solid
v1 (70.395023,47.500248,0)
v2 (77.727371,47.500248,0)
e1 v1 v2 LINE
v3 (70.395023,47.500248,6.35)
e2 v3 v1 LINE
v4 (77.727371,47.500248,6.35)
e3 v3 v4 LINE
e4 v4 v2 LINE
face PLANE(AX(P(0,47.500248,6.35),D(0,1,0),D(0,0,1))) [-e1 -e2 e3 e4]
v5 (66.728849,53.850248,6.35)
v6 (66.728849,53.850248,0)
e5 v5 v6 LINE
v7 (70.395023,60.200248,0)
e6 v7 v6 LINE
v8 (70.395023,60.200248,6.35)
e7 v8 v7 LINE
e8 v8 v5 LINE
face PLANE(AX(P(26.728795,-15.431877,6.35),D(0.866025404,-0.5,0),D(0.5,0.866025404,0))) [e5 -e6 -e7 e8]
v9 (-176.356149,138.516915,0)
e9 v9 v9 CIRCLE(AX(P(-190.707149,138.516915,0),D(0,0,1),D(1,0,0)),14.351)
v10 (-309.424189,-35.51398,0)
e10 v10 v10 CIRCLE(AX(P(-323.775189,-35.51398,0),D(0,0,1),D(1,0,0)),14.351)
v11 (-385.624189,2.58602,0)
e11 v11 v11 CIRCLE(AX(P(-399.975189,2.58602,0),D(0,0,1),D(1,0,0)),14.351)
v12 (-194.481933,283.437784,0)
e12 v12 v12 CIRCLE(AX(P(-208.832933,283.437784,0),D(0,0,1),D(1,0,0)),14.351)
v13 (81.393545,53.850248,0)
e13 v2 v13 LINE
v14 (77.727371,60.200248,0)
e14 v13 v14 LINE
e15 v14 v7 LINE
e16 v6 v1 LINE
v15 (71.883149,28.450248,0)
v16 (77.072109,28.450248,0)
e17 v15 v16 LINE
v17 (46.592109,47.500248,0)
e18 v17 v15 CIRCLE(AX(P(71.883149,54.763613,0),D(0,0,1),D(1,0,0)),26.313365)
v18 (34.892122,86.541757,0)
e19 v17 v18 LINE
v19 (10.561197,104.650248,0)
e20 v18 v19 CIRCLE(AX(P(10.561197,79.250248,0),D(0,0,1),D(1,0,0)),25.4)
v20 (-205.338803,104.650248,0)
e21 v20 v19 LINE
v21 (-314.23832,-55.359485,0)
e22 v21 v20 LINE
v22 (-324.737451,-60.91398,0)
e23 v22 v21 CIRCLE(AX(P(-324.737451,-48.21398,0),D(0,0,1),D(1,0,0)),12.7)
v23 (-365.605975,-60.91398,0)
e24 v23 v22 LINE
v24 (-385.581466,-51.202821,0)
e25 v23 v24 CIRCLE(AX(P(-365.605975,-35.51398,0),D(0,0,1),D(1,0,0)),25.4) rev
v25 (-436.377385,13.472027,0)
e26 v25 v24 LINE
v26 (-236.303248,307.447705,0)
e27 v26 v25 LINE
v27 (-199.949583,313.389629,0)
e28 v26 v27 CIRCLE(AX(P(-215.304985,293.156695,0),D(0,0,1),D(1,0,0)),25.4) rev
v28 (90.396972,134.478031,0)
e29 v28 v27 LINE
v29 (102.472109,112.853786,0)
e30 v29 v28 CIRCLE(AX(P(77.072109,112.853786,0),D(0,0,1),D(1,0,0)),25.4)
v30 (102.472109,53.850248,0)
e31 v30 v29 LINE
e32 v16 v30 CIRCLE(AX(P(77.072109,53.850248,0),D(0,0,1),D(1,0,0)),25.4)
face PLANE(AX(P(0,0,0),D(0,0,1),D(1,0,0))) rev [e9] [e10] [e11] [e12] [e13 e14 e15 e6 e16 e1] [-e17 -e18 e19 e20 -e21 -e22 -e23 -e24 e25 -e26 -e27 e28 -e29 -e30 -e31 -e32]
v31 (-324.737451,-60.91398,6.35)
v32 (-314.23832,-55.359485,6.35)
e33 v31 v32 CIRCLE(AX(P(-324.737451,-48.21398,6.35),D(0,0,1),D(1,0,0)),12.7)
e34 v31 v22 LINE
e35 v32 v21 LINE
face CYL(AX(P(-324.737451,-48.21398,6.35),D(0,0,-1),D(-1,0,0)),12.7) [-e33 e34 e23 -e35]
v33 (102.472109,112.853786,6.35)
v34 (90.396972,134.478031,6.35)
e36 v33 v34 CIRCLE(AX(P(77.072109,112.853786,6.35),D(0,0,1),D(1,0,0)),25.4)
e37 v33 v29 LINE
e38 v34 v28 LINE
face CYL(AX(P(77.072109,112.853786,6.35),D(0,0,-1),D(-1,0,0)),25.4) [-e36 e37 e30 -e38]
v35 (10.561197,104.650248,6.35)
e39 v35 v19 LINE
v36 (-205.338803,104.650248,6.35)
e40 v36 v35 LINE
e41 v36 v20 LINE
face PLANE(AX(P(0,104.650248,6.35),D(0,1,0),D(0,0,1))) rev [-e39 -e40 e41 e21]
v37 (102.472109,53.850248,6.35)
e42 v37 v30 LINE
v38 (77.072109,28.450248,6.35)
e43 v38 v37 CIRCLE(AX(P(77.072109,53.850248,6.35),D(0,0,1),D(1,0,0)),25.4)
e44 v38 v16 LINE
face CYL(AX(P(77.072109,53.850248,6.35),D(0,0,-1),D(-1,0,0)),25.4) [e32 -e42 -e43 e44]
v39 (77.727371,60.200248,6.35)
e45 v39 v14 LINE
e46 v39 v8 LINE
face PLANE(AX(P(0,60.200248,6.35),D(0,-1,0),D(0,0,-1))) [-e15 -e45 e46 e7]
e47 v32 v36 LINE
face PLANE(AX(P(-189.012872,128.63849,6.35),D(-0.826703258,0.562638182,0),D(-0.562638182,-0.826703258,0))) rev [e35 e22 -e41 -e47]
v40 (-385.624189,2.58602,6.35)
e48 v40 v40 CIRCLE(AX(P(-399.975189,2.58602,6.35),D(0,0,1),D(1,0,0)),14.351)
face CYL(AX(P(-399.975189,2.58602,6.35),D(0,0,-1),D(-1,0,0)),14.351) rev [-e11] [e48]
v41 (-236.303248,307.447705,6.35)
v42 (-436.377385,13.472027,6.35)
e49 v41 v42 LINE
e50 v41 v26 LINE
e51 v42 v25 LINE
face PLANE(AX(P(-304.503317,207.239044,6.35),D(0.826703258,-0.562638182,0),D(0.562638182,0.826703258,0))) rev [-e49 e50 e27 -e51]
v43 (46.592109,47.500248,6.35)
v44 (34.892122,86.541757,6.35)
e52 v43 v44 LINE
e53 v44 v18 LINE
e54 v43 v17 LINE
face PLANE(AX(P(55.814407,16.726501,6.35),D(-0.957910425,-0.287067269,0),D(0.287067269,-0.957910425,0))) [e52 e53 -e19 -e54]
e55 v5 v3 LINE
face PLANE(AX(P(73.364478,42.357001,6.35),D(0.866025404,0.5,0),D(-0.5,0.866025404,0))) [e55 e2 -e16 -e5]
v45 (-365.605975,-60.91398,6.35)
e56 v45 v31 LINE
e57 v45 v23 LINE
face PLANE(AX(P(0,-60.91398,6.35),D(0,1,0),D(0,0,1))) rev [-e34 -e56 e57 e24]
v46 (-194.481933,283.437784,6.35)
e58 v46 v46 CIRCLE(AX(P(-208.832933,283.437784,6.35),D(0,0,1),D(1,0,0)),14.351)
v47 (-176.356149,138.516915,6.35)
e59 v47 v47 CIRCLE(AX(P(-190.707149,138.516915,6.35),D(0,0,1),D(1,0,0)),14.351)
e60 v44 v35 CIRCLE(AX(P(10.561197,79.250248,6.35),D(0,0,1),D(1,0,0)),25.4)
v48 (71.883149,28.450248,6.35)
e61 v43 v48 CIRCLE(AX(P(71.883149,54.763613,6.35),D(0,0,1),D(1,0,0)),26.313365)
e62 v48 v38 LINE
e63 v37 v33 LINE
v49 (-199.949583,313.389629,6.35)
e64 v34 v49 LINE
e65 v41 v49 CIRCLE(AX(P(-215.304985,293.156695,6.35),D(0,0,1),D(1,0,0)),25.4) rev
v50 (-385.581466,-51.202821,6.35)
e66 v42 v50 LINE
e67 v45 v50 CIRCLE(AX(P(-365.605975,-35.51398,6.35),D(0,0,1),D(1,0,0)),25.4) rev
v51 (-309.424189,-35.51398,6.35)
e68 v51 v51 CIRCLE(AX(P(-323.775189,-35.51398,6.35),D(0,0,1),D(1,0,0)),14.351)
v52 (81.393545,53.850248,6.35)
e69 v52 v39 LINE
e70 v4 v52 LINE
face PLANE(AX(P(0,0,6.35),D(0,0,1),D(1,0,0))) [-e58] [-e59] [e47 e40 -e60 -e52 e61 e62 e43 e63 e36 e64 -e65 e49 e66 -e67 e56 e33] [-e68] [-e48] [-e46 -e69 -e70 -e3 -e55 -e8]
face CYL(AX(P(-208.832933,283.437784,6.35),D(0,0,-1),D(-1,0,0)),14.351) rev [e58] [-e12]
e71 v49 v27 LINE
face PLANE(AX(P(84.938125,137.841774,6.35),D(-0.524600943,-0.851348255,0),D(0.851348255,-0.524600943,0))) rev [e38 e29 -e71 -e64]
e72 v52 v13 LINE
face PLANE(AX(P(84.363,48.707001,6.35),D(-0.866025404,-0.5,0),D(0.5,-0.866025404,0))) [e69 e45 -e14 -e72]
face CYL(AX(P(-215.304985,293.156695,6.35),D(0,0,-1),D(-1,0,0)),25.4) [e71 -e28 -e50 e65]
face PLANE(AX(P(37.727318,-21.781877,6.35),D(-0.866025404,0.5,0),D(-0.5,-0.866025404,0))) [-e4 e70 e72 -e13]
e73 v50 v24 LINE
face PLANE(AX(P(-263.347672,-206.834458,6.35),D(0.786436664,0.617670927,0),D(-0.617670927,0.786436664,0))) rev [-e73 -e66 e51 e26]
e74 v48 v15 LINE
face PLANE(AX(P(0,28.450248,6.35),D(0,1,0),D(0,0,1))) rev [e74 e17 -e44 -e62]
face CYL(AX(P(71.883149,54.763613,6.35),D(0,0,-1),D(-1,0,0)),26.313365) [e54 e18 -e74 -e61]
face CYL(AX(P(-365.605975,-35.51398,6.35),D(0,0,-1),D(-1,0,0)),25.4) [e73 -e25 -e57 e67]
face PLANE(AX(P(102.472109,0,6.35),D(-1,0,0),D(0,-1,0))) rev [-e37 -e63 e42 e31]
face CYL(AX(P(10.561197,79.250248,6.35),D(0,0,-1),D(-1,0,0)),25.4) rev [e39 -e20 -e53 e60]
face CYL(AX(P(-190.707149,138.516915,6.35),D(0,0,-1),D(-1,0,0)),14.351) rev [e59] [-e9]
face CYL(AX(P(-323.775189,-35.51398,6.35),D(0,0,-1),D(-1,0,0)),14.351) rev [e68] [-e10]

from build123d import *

# Parameters (mm, degrees)
MODEL_R             = 14.351
BOSS_EXTRUDE1_DEPTH = 6.35


with BuildPart() as part:
    # Model → Boss-Extrude1 (new body)
    with BuildSketch(Plane.XY):
        with BuildLine():
            Line((-314.23831963, -55.359484793), (-205.338802982, 104.650248016))
            Line((-205.338802982, 104.650248016), (-11.396613492, 104.650248016))
            Line((-11.396613492, 104.650248016), (-2.138802982, 104.650248016))
            Line((-2.138802982, 104.650248016), (10.561197018, 104.650248016))
            ThreePointArc((10.561197018, 104.650248016), (25.72621731, 99.626267243), (34.892121825, 86.541756641))
            Line((34.892121825, 86.541756641), (46.592108535, 47.500248016))
            ThreePointArc((46.592108535, 47.500248016), (56.051698972, 33.745564192), (71.88314884, 28.450248016))
            Line((71.88314884, 28.450248016), (77.072108535, 28.450248016))
            ThreePointArc((77.072108535, 28.450248016), (95.032620777, 35.889735774), (102.472108535, 53.850248016))
            Line((102.472108535, 53.850248016), (102.472108535, 83.872407327))
            Line((102.472108535, 83.872407327), (102.472108535, 112.853785651))
            ThreePointArc((102.472108535, 112.853785651), (99.24880288, 125.237413065), (90.396972478, 134.478031323))
            Line((90.396972478, 134.478031323), (-199.949582693, 313.389629113))
            ThreePointArc((-199.949582693, 313.389629113), (-219.402189514, 318.224062751), (-236.303247901, 307.447705012))
            Line((-236.303247901, 307.447705012), (-436.377385414, 13.472026599))
            Line((-436.377385414, 13.472026599), (-385.58146606, -51.20282143))
            ThreePointArc((-385.58146606, -51.20282143), (-376.71145599, -58.357541068), (-365.605974805, -60.913979882))
            Line((-365.605974805, -60.913979882), (-324.737451002, -60.913979882))
            ThreePointArc((-324.737451002, -60.913979882), (-318.798508014, -59.439796386), (-314.23831963, -55.359484793))
        make_face()
        with Locations((-323.775189267, -35.513979882)):
            Circle(MODEL_R, mode=Mode.SUBTRACT)
        with Locations((-399.975189267, 2.586020118)):
            Circle(MODEL_R, mode=Mode.SUBTRACT)
        Polygon((77.727371227, 60.200248016), (81.393545437, 53.850248016), (77.727371227, 47.500248016), (70.395022809, 47.500248016), (66.728848599, 53.850248016), (70.395022809, 60.200248016), align=None, mode=Mode.SUBTRACT)
        with Locations((-190.707148919, 138.516914683)):
            Circle(MODEL_R, mode=Mode.SUBTRACT)
        with Locations((-208.832932893, 283.437784316)):
            Circle(MODEL_R, mode=Mode.SUBTRACT)
    extrude(amount=BOSS_EXTRUDE1_DEPTH)


solid = part.part
